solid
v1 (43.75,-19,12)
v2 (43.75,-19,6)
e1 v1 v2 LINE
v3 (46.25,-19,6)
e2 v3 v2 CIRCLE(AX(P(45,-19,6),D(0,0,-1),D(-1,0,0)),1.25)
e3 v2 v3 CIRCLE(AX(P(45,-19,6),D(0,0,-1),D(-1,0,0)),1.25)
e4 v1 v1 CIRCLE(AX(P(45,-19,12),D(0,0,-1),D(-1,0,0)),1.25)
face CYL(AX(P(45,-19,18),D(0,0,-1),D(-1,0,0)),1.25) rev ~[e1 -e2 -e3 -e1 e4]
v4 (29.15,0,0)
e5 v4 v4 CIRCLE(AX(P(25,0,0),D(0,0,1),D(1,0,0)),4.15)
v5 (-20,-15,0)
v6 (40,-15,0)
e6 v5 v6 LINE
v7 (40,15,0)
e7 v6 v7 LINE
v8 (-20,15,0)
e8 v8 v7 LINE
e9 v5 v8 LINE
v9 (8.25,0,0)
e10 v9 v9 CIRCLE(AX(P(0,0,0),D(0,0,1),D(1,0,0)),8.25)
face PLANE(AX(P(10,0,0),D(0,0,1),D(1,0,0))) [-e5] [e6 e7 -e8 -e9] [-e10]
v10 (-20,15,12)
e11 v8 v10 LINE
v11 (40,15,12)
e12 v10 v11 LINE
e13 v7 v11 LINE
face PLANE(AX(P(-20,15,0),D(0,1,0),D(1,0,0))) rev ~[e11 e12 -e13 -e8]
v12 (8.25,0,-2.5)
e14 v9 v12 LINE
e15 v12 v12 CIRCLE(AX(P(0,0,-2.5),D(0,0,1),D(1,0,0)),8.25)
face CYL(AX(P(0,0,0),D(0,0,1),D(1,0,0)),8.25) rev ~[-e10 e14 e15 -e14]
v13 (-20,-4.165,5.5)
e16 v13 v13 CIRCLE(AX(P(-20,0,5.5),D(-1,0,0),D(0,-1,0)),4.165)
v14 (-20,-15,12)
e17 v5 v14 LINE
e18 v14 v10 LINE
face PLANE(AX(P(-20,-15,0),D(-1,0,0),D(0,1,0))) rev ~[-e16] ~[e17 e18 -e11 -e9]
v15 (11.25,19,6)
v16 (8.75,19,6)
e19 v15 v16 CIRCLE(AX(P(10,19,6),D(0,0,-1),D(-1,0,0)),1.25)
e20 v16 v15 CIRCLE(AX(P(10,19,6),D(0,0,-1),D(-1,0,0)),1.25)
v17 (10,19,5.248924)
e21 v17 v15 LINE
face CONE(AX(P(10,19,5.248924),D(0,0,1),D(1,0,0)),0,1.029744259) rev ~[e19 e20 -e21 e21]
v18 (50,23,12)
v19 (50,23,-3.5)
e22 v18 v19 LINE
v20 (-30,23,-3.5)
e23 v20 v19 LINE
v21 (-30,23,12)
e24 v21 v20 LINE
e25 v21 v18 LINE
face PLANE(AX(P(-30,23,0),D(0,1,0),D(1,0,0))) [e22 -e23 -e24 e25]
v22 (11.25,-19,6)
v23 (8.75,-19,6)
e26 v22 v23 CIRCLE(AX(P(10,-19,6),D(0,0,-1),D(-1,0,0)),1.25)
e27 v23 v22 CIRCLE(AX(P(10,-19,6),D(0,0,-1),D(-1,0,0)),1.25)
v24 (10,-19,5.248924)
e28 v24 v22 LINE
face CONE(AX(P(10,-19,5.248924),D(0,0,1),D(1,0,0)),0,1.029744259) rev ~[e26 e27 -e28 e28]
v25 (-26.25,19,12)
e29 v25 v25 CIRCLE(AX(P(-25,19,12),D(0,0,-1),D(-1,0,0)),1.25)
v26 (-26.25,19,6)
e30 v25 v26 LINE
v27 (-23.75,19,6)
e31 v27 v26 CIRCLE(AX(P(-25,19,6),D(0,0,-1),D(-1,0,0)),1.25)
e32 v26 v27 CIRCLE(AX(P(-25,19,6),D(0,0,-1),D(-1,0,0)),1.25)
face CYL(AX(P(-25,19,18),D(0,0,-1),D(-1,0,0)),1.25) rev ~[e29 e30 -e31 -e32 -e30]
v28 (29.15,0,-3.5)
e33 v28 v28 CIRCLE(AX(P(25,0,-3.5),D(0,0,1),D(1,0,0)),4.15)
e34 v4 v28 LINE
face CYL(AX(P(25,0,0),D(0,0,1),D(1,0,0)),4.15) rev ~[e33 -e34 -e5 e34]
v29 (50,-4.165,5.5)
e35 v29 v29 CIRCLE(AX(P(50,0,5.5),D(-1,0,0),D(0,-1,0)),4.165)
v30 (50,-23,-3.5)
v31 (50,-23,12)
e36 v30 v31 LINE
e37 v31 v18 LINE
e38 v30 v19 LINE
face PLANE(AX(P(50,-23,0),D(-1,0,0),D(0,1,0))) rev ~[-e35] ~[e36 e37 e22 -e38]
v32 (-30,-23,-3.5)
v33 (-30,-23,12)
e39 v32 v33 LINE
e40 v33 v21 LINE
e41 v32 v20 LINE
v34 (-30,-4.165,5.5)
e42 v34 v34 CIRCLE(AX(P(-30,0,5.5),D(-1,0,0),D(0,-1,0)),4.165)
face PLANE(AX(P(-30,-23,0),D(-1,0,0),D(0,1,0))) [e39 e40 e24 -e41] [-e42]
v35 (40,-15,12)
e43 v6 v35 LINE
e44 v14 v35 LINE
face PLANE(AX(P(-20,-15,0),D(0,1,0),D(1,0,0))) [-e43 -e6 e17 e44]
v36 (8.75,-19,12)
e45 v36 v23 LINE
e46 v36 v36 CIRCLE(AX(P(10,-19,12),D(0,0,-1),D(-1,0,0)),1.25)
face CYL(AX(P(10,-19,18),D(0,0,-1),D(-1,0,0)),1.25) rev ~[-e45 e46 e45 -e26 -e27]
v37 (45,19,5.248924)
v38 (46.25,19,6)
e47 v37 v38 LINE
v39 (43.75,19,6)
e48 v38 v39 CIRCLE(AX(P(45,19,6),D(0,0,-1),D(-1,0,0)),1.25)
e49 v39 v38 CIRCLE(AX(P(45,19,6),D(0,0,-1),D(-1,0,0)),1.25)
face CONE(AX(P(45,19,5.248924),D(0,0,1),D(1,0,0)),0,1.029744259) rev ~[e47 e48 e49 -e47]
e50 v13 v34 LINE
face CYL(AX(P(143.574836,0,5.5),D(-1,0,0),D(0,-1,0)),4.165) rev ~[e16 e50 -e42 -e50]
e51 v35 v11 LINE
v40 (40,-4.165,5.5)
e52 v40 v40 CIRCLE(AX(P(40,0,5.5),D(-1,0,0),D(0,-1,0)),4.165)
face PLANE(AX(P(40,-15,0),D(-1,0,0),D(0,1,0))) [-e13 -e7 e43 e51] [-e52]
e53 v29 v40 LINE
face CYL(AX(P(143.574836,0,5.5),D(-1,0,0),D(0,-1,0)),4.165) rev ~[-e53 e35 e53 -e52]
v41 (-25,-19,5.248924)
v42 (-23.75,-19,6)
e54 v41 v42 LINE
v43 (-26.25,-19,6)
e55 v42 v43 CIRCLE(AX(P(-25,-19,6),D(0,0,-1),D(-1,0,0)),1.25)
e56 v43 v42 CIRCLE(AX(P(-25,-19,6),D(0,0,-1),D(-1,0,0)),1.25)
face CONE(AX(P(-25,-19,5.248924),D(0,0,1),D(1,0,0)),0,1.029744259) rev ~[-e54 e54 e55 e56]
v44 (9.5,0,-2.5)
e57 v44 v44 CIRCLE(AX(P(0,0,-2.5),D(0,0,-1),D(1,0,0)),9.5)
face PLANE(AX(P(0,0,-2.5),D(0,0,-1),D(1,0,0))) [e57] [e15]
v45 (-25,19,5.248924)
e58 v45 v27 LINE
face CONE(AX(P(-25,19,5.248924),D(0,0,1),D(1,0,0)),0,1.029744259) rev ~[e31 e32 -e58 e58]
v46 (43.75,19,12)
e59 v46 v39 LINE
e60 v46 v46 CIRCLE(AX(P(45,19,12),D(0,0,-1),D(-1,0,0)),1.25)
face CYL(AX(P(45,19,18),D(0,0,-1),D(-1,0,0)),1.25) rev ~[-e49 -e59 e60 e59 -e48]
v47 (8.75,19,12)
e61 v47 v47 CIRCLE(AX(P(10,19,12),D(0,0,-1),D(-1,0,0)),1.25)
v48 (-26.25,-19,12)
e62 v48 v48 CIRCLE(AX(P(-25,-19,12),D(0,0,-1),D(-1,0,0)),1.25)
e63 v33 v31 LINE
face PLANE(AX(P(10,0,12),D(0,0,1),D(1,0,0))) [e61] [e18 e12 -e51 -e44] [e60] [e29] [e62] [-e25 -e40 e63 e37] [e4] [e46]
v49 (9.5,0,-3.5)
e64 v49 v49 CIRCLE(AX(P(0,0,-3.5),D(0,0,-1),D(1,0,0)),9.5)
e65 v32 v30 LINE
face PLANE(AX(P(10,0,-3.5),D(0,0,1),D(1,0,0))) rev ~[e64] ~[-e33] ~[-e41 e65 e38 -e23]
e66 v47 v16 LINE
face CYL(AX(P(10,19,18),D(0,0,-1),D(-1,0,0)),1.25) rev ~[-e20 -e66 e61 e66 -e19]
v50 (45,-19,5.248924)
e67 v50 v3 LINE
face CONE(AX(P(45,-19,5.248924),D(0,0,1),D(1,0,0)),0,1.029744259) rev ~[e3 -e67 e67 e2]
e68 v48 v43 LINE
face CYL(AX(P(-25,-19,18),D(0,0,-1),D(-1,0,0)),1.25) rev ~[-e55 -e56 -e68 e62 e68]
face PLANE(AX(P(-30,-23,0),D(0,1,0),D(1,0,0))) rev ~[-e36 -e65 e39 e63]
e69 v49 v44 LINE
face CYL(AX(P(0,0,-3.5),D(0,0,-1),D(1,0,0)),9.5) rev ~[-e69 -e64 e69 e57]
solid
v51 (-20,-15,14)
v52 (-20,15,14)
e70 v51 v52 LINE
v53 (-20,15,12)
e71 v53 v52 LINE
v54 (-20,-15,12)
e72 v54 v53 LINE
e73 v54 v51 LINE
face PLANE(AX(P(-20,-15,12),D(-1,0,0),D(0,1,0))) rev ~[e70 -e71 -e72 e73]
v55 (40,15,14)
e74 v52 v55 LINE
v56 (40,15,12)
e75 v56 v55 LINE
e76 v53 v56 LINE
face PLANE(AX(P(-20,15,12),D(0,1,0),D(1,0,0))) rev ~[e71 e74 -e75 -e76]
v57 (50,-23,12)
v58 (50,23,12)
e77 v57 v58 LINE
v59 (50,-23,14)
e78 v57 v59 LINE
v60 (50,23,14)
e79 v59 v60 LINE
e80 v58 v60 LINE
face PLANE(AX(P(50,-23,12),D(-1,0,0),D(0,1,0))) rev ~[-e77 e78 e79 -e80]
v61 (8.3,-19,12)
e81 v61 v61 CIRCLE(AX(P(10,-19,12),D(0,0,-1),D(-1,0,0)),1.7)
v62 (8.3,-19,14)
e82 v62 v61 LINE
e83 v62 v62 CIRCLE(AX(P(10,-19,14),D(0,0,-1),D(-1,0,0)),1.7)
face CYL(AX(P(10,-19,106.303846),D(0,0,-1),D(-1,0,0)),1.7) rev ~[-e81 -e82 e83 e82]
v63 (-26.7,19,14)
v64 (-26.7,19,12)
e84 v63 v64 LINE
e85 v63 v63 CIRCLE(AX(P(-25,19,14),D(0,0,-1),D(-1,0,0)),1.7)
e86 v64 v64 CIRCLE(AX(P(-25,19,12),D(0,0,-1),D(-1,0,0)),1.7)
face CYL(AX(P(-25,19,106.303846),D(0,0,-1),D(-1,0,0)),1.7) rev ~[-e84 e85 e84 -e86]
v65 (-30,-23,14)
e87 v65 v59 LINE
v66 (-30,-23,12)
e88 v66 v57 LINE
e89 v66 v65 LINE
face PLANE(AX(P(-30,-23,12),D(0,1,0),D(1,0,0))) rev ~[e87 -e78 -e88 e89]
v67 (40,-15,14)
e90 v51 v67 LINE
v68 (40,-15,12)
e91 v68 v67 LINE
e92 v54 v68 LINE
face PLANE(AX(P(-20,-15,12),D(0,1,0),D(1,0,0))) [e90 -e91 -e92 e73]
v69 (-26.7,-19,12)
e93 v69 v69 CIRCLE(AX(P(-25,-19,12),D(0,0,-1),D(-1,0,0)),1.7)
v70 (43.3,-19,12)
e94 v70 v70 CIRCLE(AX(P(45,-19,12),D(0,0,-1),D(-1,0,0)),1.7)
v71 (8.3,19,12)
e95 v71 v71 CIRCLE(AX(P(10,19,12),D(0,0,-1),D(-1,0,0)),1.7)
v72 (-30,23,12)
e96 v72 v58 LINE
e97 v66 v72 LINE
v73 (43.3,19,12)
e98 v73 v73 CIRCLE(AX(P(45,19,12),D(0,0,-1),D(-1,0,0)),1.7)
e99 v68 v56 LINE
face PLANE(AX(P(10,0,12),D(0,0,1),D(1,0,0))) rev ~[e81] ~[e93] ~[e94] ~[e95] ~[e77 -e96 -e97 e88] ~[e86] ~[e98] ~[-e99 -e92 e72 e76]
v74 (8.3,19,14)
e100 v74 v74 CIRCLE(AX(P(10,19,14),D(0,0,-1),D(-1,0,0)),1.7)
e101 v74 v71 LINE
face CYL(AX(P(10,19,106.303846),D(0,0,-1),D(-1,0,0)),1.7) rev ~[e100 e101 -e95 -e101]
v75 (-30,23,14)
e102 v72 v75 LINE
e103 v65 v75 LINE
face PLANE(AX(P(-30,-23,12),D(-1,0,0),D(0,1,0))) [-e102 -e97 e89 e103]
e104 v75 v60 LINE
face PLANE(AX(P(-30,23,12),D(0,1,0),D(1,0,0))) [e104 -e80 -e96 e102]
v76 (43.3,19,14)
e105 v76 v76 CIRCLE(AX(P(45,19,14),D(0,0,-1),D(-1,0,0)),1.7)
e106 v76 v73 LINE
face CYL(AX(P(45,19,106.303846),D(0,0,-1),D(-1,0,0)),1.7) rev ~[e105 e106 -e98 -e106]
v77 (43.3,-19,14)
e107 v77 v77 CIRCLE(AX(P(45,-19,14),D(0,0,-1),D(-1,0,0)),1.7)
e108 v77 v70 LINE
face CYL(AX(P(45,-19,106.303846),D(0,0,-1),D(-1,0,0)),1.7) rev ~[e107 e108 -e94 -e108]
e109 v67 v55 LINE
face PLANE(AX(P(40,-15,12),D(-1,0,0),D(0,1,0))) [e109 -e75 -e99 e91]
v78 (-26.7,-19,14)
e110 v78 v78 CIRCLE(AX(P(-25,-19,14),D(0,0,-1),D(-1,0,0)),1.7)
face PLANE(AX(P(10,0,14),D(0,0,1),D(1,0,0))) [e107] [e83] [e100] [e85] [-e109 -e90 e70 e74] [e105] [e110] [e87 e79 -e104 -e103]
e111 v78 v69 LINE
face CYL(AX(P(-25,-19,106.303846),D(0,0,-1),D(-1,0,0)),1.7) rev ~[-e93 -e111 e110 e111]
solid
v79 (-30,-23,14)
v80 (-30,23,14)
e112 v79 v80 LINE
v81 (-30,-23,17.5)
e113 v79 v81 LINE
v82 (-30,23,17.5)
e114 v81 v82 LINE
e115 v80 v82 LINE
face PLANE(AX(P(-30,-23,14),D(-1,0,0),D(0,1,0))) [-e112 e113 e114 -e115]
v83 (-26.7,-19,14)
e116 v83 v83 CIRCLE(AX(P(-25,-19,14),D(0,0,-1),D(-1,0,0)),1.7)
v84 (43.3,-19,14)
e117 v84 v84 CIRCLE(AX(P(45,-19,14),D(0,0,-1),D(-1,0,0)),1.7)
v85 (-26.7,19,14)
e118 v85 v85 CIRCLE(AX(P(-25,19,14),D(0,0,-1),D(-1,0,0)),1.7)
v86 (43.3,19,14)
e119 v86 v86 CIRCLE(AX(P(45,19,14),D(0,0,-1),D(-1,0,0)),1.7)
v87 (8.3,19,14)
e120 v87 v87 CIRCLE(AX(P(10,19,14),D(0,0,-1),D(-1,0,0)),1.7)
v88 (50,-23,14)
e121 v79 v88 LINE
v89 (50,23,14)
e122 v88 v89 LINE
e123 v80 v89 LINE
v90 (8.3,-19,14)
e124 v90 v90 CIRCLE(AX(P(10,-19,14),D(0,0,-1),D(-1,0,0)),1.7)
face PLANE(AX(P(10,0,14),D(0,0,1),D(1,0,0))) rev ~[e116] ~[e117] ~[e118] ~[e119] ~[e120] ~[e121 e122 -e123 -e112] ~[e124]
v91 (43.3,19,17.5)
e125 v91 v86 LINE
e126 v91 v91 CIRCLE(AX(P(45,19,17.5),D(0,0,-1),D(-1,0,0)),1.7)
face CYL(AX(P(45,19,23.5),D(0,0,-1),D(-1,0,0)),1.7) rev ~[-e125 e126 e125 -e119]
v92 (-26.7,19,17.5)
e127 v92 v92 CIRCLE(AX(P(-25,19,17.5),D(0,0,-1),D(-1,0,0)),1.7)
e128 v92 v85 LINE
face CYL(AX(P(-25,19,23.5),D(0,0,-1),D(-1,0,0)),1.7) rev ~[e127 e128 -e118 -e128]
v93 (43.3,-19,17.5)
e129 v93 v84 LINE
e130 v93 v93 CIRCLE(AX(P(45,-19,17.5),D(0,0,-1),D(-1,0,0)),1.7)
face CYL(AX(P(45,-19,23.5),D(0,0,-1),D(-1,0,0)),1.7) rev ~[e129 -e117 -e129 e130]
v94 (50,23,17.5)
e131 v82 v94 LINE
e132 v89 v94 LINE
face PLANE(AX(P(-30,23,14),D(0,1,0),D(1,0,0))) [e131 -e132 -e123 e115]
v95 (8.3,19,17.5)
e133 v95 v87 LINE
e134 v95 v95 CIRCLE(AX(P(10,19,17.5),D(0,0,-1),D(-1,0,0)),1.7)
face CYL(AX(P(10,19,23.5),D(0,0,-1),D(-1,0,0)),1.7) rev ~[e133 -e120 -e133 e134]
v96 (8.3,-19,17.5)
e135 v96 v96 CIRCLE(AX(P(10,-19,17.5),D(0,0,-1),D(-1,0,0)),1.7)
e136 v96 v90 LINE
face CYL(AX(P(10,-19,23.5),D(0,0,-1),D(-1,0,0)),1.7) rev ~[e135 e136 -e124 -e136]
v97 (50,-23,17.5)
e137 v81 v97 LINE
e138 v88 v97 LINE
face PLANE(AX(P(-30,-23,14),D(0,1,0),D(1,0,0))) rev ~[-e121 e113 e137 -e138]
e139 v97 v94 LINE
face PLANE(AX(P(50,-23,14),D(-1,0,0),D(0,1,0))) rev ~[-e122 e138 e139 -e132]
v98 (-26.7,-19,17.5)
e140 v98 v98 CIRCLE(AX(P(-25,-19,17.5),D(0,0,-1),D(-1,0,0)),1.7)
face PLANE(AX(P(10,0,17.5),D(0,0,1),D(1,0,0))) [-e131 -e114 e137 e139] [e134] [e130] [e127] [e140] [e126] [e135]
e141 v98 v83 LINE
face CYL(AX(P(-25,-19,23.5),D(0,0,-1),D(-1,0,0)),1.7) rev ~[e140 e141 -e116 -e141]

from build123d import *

# Parameters (mm, degrees)
F3_W      = 80
F3_H      = 46
F4_DEPTH  = 3.5
F5_W      = 80
F5_H      = 46
F5_W_2    = 60
F5_H_2    = 30
F6_DEPTH  = 12
F7_R      = 4.15
F7_R_2    = 8.25
F8_DEPTH  = 25
F9_R      = 9.5
F10_DEPTH = 1
F13_D     = 8.33
F15_D     = 2.5
F15_DEPTH = 6
F15_TIP   = 0.7510757738
F16_W     = 80
F16_H     = 46
F16_W_2   = 60
F16_H_2   = 30
F17_DEPTH = 2
F19_D     = 3.4
F20_W     = 80
F20_H     = 46
F21_DEPTH = 3.5
F23_D     = 3.4
F23_DEPTH = 6
F23_TIP   = 1.0214630523


with BuildPart() as f4:
    # F3 (on Top) → F4 (new body)
    with BuildSketch(Plane.XY):
        with Locations((10, 0)):
            Rectangle(F3_W, F3_H)
    extrude(amount=-F4_DEPTH)

    # F5 (on Top) → F6 (join, through all)
    with BuildSketch(Plane.XY):
        with Locations((10, 0)):
            Rectangle(F5_W, F5_H)
        with Locations((10, 0)):
            Rectangle(F5_W_2, F5_H_2, mode=Mode.SUBTRACT)
    extrude(amount=F6_DEPTH)

    # F7 (on Top) → F8 (cut)
    with BuildSketch(Plane.XY):
        with Locations((25, 0)):
            Circle(F7_R)
        Circle(F7_R_2)
    extrude(amount=-F8_DEPTH, mode=Mode.SUBTRACT)

    # F9 (on face) → F10 (cut)
    with BuildSketch(Plane(origin=(0, 0, -3.5), x_dir=(1, 0, 0), z_dir=(0, 0, -1))):
        Circle(F9_R)
    extrude(amount=-F10_DEPTH, mode=Mode.SUBTRACT)

    # F13 (through all)
    with Locations(Plane.YZ.offset(50)):
        with Locations((0, 5.5)):
            Hole(F13_D / 2)

    # F15
    with Locations(Plane.XY.offset(12)):
        with Locations((-25, 19), (-25, -19), (10, -19), (45, -19), (45, 19), (10, 19)):
            Hole(F15_D / 2, depth=F15_DEPTH)
            with Locations((0, 0, -(F15_DEPTH + F15_TIP / 2))):  # 118° drill point
                Cone(0, F15_D / 2, F15_TIP, mode=Mode.SUBTRACT)


with BuildPart() as f17:
    # F16 (on offset) → F17 (new body)
    with BuildSketch(Plane.XY.offset(12)):
        with Locations((10, 0)):
            Rectangle(F16_W, F16_H)
        with Locations((10, 0)):
            Rectangle(F16_W_2, F16_H_2, mode=Mode.SUBTRACT)
    extrude(amount=F17_DEPTH)

    # F19 (through all)
    with Locations(Plane.XY.offset(14)):
        with Locations((-25, -19), (10, -19), (45, -19), (45, 19), (10, 19), (-25, 19)):
            Hole(F19_D / 2)


with BuildPart() as f21:
    # F20 (on face) → F21 (new body)
    with BuildSketch(Plane.XY.offset(14)):
        with Locations((10, 0)):
            Rectangle(F20_W, F20_H)
    extrude(amount=F21_DEPTH)

    # F23
    with Locations(Plane.XY.offset(17.5)):
        with Locations((45, -19), (45, 19), (10, 19), (-25, 19), (-25, -19), (10, -19)):
            Hole(F23_D / 2, depth=F23_DEPTH)
            with Locations((0, 0, -(F23_DEPTH + F23_TIP / 2))):  # 118° drill point
                Cone(0, F23_D / 2, F23_TIP, mode=Mode.SUBTRACT)


solid = Compound([f4.part, f17.part, f21.part])
